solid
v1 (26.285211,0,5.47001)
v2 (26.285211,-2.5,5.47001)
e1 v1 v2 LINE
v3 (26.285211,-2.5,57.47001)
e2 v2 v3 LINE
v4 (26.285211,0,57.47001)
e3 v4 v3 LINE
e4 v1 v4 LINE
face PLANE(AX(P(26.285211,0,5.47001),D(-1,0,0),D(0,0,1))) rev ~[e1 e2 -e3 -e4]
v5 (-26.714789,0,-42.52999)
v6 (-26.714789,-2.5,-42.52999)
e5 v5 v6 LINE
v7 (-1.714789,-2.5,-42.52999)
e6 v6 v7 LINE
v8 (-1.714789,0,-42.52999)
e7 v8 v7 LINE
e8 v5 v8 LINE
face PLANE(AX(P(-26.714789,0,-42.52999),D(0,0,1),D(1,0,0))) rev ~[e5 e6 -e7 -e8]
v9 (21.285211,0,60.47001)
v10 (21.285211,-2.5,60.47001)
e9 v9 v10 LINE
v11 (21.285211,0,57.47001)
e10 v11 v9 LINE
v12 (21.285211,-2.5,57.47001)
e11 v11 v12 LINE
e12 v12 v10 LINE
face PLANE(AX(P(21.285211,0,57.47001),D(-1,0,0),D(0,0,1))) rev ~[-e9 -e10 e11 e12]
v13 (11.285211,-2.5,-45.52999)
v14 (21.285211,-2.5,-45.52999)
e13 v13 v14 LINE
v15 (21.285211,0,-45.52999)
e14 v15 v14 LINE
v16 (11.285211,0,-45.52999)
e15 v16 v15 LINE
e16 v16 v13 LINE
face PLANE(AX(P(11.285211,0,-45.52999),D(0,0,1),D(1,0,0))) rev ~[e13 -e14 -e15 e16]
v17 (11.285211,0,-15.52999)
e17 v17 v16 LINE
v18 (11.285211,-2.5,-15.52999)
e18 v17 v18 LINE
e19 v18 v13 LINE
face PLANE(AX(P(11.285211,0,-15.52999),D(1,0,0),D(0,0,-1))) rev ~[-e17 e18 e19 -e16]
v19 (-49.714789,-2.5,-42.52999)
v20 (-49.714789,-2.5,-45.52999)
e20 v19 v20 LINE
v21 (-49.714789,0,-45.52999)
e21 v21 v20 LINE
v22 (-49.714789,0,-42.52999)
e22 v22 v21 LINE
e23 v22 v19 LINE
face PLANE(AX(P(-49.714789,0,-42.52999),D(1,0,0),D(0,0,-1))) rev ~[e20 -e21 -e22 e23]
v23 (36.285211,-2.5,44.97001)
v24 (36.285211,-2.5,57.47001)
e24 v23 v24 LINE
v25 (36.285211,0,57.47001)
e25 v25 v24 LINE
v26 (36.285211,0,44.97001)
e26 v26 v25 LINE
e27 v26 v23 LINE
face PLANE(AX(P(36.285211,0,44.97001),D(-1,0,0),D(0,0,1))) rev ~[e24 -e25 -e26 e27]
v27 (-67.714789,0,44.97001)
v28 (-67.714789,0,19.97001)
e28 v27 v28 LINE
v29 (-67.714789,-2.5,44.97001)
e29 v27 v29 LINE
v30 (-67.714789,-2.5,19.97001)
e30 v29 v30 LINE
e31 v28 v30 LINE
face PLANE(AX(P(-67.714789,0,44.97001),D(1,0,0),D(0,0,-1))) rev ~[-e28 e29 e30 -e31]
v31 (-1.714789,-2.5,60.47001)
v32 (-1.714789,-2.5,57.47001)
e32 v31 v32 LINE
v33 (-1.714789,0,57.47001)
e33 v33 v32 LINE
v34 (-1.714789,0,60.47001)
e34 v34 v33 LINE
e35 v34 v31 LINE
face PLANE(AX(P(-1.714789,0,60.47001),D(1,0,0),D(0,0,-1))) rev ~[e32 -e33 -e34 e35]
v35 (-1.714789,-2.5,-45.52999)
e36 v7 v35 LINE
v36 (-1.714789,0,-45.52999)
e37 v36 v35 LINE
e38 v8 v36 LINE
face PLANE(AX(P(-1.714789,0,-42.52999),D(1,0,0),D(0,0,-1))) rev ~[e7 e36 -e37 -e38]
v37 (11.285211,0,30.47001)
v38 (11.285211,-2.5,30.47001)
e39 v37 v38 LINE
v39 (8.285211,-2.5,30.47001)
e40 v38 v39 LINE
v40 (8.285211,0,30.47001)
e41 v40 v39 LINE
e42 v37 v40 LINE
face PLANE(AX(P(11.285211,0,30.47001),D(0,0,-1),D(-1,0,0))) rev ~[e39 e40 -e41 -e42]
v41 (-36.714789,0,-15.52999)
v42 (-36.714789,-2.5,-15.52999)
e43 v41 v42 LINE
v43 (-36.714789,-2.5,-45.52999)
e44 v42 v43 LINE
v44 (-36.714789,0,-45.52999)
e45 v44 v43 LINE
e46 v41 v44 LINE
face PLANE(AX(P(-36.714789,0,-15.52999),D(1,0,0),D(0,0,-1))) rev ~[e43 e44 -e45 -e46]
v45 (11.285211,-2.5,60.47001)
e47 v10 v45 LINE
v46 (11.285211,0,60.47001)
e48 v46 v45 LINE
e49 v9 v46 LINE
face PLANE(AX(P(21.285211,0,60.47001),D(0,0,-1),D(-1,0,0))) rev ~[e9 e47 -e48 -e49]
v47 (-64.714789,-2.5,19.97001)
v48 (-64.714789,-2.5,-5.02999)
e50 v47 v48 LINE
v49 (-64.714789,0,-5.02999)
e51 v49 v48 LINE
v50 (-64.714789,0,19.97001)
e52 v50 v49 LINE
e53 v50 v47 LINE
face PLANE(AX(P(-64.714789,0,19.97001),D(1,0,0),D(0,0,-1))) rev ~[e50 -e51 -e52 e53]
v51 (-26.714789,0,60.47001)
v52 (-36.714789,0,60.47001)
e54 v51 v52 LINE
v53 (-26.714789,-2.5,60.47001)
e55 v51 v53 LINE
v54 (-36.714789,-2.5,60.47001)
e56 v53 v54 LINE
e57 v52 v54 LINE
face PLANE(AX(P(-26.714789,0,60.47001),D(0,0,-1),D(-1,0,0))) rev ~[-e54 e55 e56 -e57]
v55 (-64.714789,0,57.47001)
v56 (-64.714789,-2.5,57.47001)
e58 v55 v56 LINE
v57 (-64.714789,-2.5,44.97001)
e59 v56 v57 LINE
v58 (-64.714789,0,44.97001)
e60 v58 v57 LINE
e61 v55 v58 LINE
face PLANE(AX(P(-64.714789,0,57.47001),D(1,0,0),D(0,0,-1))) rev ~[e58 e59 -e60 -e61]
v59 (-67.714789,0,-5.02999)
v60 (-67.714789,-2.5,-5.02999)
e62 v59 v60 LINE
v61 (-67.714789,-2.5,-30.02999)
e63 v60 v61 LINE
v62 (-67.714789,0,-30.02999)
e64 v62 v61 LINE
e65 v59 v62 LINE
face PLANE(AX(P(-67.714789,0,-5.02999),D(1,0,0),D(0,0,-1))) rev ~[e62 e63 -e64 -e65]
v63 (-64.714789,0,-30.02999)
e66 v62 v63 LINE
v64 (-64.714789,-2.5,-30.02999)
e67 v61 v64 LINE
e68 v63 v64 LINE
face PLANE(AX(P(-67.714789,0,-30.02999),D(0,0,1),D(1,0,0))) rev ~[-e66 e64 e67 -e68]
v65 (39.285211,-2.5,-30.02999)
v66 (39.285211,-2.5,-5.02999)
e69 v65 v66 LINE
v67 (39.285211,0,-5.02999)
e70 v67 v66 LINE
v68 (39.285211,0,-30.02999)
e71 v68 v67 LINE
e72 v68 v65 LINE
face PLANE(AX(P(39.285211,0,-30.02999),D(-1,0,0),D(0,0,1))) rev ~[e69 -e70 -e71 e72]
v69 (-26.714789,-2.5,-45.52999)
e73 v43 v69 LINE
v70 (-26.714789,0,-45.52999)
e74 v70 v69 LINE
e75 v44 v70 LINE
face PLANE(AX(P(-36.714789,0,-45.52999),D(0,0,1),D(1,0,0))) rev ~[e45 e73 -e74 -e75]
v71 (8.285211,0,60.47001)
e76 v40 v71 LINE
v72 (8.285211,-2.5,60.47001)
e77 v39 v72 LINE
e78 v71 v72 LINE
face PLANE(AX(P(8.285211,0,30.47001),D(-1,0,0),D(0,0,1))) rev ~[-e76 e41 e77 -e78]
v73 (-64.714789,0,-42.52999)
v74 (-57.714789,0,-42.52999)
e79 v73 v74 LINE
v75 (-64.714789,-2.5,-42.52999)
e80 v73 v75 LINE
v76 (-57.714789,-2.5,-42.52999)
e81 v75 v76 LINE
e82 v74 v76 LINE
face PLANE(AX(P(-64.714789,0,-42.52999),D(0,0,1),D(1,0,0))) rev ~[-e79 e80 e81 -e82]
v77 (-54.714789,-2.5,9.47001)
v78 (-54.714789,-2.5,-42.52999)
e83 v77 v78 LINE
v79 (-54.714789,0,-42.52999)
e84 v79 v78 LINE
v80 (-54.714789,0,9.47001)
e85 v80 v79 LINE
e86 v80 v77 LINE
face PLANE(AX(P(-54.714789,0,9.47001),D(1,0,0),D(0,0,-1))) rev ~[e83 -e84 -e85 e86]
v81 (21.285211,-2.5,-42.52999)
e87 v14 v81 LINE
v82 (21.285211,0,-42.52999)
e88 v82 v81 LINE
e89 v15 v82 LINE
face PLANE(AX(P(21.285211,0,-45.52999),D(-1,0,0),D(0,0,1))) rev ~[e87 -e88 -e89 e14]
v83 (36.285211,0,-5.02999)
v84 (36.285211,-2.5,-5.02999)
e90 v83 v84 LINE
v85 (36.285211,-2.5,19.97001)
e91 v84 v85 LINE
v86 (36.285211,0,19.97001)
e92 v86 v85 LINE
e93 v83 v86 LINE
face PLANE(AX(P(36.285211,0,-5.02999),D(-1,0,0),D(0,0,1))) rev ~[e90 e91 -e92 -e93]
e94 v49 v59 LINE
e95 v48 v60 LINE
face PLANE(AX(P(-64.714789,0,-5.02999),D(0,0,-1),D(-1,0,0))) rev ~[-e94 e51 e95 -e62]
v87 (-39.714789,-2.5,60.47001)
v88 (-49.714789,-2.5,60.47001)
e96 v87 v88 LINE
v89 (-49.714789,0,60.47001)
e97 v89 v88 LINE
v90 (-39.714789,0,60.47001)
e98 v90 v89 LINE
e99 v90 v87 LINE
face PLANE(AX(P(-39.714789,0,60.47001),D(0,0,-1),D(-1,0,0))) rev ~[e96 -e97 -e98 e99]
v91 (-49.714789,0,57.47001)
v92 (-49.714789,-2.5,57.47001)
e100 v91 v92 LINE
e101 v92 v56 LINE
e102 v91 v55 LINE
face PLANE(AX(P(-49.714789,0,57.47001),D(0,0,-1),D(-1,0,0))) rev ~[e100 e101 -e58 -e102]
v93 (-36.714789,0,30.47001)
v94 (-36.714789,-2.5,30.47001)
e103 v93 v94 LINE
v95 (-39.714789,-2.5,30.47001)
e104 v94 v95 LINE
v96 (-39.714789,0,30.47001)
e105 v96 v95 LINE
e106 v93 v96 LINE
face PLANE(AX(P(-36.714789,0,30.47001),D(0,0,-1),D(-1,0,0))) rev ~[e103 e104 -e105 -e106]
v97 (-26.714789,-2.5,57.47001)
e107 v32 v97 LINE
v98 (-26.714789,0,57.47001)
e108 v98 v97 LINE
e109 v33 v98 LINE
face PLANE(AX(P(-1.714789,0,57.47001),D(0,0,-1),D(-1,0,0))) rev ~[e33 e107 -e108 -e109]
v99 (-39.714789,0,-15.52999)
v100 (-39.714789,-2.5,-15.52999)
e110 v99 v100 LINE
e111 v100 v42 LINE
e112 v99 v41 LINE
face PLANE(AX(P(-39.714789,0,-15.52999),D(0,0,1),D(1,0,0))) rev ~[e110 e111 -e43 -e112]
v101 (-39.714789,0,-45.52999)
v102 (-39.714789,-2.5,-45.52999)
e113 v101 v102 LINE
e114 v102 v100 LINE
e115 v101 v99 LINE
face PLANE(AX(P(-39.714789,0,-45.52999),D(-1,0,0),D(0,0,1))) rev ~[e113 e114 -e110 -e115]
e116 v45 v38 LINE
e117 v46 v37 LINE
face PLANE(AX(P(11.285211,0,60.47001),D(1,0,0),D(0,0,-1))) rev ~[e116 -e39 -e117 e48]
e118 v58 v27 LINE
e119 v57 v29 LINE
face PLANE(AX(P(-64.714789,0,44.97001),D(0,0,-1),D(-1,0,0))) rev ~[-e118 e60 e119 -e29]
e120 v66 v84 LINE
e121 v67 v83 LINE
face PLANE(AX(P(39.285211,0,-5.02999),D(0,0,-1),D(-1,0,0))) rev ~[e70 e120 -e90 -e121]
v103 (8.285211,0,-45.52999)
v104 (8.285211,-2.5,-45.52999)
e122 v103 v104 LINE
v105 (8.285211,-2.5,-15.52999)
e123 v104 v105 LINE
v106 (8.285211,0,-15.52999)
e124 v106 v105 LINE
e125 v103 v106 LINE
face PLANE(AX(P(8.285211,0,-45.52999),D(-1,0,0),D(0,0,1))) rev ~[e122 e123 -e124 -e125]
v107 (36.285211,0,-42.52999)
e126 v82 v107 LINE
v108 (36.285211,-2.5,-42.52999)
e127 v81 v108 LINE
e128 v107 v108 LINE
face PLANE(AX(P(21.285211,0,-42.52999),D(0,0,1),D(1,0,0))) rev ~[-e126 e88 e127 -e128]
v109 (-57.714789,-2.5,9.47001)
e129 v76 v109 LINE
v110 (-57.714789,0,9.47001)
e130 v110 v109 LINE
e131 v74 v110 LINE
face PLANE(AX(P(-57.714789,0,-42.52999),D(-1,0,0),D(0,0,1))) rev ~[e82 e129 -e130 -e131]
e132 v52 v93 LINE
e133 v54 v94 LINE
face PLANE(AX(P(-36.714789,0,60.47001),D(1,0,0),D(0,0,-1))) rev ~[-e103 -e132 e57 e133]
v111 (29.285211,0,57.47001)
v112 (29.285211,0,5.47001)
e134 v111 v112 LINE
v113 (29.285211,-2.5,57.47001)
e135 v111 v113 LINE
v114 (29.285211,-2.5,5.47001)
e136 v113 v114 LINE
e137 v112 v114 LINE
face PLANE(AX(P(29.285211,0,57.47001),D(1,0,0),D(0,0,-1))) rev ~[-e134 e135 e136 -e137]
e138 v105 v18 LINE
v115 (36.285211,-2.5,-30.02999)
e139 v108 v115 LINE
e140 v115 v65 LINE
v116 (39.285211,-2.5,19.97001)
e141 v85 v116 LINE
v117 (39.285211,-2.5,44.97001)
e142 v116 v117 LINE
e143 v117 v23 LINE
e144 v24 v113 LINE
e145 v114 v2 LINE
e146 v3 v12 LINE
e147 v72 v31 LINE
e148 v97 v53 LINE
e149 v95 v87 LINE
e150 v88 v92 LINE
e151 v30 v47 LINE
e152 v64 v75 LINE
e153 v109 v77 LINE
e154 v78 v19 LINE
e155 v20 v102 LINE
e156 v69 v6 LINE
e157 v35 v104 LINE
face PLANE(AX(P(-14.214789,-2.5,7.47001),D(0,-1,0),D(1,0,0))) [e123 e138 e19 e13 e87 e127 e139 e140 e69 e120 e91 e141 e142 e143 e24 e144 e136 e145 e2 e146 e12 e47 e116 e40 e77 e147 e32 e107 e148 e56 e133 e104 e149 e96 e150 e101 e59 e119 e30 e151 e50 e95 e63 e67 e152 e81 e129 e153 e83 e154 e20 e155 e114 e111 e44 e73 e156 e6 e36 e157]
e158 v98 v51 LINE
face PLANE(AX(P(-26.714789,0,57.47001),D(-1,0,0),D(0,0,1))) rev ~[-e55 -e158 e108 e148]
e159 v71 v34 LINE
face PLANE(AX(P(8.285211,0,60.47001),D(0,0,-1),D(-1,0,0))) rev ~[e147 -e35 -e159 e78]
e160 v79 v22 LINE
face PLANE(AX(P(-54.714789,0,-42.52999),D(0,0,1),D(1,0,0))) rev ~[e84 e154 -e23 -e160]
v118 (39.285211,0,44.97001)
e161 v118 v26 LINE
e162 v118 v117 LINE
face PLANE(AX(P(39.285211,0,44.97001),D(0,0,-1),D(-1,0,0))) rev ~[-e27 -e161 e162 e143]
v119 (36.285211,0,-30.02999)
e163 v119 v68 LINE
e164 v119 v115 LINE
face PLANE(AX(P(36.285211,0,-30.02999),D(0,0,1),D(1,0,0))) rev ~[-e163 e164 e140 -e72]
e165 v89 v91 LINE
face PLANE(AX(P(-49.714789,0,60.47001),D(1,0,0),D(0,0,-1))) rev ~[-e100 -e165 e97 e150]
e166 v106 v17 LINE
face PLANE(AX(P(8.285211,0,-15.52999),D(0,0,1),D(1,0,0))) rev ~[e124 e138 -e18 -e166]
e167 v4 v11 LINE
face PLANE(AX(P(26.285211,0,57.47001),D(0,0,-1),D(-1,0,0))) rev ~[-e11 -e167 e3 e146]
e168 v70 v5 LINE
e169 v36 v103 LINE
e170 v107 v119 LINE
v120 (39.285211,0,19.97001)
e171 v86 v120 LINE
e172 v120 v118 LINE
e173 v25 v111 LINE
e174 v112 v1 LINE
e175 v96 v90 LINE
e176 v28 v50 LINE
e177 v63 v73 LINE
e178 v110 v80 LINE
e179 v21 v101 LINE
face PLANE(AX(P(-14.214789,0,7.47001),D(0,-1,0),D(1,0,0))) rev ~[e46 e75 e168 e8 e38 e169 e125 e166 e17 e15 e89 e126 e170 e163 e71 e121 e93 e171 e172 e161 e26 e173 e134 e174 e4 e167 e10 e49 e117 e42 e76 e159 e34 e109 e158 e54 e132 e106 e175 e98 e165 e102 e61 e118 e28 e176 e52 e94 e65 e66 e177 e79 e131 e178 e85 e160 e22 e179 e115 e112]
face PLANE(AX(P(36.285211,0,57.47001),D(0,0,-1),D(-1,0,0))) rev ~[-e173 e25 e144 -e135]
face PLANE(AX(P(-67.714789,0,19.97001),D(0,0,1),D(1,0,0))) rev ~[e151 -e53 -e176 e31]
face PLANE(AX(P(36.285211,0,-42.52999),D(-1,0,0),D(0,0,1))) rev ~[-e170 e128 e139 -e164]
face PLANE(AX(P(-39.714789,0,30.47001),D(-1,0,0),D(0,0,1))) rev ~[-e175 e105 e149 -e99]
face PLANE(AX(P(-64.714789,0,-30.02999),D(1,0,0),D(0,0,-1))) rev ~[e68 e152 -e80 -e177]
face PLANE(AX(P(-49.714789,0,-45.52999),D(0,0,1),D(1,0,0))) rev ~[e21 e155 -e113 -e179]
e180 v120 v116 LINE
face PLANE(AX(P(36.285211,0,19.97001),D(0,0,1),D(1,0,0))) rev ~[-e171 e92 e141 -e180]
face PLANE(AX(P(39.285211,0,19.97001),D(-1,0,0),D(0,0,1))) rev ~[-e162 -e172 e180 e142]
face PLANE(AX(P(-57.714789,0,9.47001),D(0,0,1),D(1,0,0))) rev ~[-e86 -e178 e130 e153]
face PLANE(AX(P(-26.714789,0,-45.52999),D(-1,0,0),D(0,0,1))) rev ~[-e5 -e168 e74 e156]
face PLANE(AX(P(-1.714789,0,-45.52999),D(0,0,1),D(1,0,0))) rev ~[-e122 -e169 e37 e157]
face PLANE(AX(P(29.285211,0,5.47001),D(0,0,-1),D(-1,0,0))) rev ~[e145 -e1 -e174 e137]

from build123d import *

# Parameters (mm, degrees)
F1_DEPTH = 2.5


with BuildPart() as f1:
    # F0 (on Front) → F1 (new body)
    with BuildSketch(Plane.XZ):
        Polygon((-64.714789, -30.02999), (-64.714789, -42.52999), (-57.714789, -42.52999), (-57.714789, 9.47001), (-54.714789, 9.47001), (-54.714789, -42.52999), (-49.714789, -42.52999), (-49.714789, -45.52999), (-39.714789, -45.52999), (-39.714789, -15.52999), (-36.714789, -15.52999), (-36.714789, -45.52999), (-26.714789, -45.52999), (-26.714789, -42.52999), (-1.714789, -42.52999), (-1.714789, -45.52999), (8.285211, -45.52999), (8.285211, -15.52999), (11.285211, -15.52999), (11.285211, -45.52999), (21.285211, -45.52999), (21.285211, -42.52999), (36.285211, -42.52999), (36.285211, -30.02999), (39.285211, -30.02999), (39.285211, -5.02999), (36.285211, -5.02999), (36.285211, 19.97001), (39.285211, 19.97001), (39.285211, 44.97001), (36.285211, 44.97001), (36.285211, 57.47001), (29.285211, 57.47001), (29.285211, 5.47001), (26.285211, 5.47001), (26.285211, 57.47001), (21.285211, 57.47001), (21.285211, 60.47001), (11.285211, 60.47001), (11.285211, 30.47001), (8.285211, 30.47001), (8.285211, 60.47001), (-1.714789, 60.47001), (-1.714789, 57.47001), (-26.714789, 57.47001), (-26.714789, 60.47001), (-36.714789, 60.47001), (-36.714789, 30.47001), (-39.714789, 30.47001), (-39.714789, 60.47001), (-49.714789, 60.47001), (-49.714789, 57.47001), (-64.714789, 57.47001), (-64.714789, 44.97001), (-67.714789, 44.97001), (-67.714789, 19.97001), (-64.714789, 19.97001), (-64.714789, -5.02999), (-67.714789, -5.02999), (-67.714789, -30.02999), align=None)
    extrude(amount=F1_DEPTH)


solid = f1.part
